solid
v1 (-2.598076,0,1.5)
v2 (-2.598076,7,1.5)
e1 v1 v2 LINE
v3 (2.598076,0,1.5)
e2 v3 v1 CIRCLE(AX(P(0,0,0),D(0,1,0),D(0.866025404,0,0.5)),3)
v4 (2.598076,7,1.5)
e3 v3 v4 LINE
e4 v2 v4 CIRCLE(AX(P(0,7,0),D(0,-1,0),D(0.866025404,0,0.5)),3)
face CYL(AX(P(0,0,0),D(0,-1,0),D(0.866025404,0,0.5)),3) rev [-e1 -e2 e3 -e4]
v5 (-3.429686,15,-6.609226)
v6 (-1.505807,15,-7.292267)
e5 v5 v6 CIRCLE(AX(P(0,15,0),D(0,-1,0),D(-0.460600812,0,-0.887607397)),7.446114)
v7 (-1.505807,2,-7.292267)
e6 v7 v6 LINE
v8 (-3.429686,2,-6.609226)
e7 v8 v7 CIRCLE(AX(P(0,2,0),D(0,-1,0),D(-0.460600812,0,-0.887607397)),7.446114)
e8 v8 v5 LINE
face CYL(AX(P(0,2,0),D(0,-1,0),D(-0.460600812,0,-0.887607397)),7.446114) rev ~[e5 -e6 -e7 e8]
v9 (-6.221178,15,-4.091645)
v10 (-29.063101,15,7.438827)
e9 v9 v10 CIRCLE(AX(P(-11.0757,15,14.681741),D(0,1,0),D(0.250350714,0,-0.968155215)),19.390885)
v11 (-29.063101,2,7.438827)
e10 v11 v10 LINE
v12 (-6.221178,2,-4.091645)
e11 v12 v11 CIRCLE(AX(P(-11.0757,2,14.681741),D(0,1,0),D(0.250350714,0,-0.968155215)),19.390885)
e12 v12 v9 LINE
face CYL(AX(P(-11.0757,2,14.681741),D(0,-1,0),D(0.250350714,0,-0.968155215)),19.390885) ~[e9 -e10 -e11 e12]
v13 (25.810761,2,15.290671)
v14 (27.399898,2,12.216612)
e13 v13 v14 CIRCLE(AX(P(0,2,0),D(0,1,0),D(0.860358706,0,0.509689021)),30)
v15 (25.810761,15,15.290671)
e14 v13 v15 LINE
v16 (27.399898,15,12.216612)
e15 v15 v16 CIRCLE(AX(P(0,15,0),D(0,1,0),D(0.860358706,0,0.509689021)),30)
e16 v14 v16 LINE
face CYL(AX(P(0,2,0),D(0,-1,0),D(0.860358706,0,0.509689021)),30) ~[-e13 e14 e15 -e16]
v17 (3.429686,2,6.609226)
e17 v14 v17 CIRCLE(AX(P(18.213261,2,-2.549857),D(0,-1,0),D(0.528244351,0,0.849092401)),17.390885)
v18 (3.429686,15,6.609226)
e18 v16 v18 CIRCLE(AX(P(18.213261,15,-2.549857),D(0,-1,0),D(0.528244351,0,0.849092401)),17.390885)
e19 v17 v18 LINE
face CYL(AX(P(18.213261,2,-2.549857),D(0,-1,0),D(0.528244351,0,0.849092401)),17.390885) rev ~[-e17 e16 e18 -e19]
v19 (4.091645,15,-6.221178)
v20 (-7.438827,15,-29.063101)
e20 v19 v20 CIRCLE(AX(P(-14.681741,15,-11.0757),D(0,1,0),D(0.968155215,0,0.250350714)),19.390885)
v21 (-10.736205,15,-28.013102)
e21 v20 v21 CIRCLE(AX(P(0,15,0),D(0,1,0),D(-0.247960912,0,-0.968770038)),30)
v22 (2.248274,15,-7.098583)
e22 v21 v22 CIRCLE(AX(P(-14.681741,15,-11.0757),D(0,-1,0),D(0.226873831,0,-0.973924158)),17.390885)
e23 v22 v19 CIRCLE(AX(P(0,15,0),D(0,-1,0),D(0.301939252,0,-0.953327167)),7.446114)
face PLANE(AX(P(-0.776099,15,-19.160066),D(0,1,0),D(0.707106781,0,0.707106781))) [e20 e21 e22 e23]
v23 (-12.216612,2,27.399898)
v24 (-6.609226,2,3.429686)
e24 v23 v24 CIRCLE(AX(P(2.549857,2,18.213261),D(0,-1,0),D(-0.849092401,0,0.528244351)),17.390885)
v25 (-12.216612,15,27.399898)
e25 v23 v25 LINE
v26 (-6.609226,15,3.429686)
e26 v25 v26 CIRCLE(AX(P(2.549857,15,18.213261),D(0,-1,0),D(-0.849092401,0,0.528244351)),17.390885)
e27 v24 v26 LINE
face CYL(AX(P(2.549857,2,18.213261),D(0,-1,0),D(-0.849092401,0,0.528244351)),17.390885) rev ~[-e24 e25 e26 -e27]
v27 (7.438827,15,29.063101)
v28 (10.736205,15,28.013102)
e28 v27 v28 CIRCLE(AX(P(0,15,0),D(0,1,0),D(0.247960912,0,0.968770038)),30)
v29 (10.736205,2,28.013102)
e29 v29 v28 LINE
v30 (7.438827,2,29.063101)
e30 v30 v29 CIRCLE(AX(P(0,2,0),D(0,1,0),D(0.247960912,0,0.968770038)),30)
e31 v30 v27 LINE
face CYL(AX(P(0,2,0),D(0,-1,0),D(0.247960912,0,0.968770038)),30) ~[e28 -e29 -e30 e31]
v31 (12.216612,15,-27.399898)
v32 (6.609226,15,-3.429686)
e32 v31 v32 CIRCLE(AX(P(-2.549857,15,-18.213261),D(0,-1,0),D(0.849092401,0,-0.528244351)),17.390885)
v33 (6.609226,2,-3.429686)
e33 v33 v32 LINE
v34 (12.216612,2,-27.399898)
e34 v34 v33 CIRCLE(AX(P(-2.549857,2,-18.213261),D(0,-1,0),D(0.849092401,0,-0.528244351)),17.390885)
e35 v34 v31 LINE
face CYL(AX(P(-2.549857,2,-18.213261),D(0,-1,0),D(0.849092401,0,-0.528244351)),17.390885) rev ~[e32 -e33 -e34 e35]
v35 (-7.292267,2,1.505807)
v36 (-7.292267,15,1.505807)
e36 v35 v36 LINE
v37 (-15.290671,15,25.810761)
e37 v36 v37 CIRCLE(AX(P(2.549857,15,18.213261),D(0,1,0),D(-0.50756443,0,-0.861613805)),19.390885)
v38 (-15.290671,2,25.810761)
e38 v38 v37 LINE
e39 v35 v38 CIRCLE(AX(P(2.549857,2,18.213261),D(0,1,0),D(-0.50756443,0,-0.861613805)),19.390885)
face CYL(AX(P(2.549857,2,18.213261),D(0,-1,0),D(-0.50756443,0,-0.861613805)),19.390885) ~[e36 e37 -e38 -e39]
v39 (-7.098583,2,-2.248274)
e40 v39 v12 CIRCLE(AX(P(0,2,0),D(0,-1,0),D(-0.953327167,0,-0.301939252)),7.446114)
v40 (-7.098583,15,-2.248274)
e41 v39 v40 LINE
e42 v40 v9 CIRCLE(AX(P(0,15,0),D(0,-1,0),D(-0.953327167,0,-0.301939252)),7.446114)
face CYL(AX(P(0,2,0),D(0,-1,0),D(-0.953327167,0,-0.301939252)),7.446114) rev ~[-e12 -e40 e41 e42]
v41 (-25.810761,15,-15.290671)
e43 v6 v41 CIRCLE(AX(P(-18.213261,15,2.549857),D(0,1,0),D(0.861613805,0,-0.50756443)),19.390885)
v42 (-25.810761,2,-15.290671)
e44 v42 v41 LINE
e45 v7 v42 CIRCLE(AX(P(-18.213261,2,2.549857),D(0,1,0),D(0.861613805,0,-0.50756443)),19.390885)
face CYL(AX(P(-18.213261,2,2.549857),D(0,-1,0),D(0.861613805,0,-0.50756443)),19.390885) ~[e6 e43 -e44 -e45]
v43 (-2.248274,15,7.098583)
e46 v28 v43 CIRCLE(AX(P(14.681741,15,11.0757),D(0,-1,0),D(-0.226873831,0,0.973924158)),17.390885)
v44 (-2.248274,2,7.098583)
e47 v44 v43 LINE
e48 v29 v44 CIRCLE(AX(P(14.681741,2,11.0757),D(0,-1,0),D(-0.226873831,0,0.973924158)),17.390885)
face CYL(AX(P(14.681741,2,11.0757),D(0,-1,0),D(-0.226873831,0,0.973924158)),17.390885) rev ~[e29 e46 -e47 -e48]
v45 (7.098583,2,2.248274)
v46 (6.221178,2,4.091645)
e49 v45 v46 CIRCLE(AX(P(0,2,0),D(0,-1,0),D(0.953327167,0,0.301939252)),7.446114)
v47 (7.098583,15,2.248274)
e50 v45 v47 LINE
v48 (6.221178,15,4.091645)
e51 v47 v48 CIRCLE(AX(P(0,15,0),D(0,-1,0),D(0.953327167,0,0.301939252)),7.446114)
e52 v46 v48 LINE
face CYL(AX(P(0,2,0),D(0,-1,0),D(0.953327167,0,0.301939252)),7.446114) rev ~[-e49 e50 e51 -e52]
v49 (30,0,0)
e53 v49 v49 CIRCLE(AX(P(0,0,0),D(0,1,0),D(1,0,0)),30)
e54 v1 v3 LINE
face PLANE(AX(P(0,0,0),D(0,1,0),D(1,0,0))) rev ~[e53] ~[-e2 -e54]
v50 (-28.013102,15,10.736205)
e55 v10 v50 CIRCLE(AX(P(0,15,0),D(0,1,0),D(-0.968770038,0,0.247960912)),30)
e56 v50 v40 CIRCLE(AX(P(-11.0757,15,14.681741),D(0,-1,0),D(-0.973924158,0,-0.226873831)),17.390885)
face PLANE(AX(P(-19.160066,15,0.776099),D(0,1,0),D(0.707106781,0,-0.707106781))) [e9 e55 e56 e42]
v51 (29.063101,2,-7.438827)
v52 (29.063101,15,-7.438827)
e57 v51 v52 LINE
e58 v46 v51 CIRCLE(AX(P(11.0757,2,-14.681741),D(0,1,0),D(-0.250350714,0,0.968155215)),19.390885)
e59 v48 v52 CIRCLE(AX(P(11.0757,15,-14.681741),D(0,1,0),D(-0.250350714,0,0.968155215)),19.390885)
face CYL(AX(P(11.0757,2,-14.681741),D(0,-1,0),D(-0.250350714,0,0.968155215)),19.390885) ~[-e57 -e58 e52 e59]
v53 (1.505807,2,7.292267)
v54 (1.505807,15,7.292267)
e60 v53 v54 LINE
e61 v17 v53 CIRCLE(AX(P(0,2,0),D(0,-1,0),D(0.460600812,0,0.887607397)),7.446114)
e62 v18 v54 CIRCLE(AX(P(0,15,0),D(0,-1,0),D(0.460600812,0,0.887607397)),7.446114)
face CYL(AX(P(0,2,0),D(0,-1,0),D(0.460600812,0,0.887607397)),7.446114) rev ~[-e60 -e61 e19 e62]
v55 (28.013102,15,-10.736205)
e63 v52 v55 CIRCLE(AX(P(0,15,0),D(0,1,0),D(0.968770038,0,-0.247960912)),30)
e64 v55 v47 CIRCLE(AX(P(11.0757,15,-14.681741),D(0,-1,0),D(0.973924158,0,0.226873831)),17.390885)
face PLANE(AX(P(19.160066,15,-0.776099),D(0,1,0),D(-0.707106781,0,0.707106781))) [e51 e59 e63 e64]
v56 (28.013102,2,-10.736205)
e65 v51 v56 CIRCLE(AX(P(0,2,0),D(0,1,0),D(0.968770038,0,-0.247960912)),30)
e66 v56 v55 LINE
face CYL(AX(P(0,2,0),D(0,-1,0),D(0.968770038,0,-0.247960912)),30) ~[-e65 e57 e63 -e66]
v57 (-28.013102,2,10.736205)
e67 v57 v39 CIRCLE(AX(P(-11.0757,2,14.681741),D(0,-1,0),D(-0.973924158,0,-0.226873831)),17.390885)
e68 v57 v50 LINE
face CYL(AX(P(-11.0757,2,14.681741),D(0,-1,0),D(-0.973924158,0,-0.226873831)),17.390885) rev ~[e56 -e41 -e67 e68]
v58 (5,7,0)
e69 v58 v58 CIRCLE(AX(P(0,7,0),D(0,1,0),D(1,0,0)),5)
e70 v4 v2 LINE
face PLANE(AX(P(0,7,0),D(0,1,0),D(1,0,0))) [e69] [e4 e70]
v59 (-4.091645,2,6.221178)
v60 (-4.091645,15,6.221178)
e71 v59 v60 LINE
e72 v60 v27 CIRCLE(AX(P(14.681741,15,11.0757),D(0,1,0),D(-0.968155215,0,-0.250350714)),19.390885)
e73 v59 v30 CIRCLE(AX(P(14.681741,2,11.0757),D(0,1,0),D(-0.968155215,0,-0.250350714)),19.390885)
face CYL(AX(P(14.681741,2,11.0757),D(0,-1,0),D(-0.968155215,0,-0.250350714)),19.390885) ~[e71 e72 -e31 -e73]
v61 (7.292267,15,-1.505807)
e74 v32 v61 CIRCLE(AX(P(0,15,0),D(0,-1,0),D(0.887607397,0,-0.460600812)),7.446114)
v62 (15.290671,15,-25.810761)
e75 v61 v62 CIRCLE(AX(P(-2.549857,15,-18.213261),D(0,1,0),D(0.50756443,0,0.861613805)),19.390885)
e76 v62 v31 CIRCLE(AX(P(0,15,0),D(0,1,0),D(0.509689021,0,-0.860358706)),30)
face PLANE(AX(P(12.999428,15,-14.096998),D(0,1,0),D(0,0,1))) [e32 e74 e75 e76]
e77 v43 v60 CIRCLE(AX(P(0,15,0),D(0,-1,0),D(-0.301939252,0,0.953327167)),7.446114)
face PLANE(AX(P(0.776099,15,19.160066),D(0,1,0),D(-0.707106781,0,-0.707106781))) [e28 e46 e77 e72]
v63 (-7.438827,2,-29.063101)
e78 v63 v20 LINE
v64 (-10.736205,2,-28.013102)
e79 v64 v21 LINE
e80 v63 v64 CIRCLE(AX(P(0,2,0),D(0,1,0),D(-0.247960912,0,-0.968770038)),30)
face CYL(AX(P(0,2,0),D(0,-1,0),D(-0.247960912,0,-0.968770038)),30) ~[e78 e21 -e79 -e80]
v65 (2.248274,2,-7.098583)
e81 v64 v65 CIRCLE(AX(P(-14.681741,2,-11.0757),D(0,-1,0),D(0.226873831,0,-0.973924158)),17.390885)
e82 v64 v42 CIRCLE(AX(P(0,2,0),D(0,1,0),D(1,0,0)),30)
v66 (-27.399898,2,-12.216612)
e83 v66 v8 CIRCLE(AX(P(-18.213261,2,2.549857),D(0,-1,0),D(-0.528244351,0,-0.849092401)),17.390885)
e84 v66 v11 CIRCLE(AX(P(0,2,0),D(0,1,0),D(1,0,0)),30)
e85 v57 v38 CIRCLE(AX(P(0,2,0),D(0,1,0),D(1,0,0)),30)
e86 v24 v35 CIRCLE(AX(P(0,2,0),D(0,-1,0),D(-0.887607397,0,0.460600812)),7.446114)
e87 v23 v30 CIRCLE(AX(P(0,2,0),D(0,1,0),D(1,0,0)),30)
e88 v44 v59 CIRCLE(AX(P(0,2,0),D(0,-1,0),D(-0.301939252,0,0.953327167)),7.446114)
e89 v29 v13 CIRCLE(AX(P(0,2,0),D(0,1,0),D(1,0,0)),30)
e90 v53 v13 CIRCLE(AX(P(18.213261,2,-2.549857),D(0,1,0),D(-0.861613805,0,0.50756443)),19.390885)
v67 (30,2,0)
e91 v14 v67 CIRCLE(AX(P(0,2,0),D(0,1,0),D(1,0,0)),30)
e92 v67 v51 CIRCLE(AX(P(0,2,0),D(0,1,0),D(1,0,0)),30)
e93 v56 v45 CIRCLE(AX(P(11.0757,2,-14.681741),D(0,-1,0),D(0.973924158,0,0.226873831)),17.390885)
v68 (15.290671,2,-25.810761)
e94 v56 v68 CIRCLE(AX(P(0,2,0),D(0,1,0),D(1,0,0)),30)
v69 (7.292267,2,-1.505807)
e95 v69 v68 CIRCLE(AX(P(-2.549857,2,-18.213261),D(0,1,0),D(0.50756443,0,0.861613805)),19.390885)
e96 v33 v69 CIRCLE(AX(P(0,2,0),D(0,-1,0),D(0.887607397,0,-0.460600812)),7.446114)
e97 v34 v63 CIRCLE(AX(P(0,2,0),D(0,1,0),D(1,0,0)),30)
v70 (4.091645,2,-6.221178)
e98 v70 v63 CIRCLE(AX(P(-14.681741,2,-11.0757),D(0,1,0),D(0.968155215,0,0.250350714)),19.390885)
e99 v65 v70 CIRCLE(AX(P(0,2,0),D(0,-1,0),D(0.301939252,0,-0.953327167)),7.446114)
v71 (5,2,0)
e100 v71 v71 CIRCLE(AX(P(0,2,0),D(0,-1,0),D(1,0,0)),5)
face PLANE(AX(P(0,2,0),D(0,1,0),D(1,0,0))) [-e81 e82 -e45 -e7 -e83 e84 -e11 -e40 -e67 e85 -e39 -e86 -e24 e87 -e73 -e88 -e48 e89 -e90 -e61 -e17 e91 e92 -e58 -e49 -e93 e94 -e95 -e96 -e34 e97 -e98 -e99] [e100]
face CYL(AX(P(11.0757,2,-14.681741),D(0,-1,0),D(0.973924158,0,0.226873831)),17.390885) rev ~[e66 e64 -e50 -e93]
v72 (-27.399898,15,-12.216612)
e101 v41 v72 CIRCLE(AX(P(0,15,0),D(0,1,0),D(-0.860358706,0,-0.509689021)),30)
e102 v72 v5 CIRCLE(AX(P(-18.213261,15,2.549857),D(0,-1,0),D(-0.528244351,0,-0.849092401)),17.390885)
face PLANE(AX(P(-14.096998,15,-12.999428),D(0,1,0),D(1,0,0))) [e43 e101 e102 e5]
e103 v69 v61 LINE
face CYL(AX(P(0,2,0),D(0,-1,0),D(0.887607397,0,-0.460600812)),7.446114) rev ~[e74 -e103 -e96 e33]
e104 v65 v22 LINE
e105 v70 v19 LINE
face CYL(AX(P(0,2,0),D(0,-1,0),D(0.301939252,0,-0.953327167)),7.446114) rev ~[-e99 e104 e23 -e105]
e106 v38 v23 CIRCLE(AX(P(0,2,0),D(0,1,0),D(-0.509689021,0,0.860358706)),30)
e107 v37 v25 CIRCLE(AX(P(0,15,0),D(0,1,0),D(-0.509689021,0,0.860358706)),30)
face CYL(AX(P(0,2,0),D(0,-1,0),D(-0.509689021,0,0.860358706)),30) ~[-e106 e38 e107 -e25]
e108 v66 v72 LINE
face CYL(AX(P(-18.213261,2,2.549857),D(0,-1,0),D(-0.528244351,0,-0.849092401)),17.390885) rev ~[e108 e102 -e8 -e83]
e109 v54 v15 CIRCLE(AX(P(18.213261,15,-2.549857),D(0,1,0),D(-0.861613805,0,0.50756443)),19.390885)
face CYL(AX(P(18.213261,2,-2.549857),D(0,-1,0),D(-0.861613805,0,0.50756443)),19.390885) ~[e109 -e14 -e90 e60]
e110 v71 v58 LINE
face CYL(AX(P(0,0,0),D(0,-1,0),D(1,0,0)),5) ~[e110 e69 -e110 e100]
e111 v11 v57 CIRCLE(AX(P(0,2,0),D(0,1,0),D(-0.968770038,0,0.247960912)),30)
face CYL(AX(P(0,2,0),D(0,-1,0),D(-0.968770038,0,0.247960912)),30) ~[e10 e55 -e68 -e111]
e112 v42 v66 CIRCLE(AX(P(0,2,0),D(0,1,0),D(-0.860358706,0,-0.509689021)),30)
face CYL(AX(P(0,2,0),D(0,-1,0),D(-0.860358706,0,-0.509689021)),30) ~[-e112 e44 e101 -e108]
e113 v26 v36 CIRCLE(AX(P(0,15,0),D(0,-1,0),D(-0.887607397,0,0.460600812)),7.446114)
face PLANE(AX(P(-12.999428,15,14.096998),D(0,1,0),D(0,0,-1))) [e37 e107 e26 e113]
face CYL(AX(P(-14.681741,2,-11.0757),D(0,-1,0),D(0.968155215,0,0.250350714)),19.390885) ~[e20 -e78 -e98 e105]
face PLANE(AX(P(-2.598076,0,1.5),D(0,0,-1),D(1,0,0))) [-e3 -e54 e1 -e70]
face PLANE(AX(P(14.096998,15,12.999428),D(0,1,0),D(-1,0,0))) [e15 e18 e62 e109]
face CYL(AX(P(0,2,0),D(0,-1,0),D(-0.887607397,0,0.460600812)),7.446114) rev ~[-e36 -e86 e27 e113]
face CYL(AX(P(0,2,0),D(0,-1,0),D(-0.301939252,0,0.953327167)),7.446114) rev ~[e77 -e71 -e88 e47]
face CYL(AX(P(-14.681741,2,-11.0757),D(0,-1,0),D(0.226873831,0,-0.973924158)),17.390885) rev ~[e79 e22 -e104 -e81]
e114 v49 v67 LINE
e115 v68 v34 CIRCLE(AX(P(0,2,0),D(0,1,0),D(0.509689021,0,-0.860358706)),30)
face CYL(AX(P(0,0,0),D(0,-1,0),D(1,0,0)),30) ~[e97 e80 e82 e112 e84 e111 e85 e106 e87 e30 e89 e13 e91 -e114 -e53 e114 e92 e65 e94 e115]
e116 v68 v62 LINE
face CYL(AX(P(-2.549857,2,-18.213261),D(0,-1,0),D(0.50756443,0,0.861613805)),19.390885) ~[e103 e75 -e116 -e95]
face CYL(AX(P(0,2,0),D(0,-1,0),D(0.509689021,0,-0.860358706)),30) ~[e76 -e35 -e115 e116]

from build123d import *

# Parameters (mm, degrees)
SKETCH1_R           = 30
BOSS_EXTRUDE1_DEPTH = 2
SKETCH2_R           = 5
BOSS_EXTRUDE2_DEPTH = 7
BOSS_EXTRUDE3_DEPTH = 13
CUT_EXTRUDE1_DEPTH  = 16
CIRPATTERN2_COUNT   = 8


with BuildPart() as part:
    # Sketch1 → Boss-Extrude1 (new body)
    with BuildSketch(Plane(origin=(0, 0, 0), x_dir=(1, 0, 0), z_dir=(0, 1, 0))):
        Circle(SKETCH1_R)
    extrude(amount=BOSS_EXTRUDE1_DEPTH)

    # Sketch2 → Boss-Extrude2 (add)
    with BuildSketch(Plane(origin=(0, 0, 0), x_dir=(1, 0, 0), z_dir=(0, 1, 0))):
        Circle(SKETCH2_R)
    extrude(amount=BOSS_EXTRUDE2_DEPTH)

    # Sketch3 → Boss-Extrude3 (add)
    with BuildSketch(Plane(origin=(0, 2, 0), x_dir=(1, 0, 0), z_dir=(0, 1, 0))):
        with BuildLine():
            ThreePointArc((-1.505806951, 7.292266896), (-12.151790035, 15.86929072), (-25.810761164, 15.290670625))
            ThreePointArc((-25.810761164, 15.290670625), (-26.649690738, 13.776573724), (-27.399897799, 12.216611666))
            ThreePointArc((-27.399897799, 12.216611666), (-14.251932533, 14.383859932), (-3.429686075, 6.60922571))
            ThreePointArc((-3.429686075, 6.60922571), (-2.491266579, 7.016993793), (-1.505806951, 7.292266896))
        make_face()
    boss_extrude3 = extrude(amount=BOSS_EXTRUDE3_DEPTH)

    # Sketch4 → Cut-Extrude1 (cut, through all)
    with BuildSketch(Plane(origin=(0, 0, 0), x_dir=(1, 0, 0), z_dir=(0, 1, 0))):
        with BuildLine():
            Line((-2.598076211, -1.5), (2.598076211, -1.5))
            ThreePointArc((2.598076211, -1.5), (0, 3), (-2.598076211, -1.5))
        make_face()
    extrude(amount=CUT_EXTRUDE1_DEPTH, mode=Mode.SUBTRACT)

    # CirPattern2: Boss-Extrude3 ×8 about axis
    cirpattern2_axis = Axis((0, 0, 0), (0, 1, 0))
    for i in range(1, CIRPATTERN2_COUNT):
        add(boss_extrude3.rotate(cirpattern2_axis, i * 360 / CIRPATTERN2_COUNT))


solid = part.part
